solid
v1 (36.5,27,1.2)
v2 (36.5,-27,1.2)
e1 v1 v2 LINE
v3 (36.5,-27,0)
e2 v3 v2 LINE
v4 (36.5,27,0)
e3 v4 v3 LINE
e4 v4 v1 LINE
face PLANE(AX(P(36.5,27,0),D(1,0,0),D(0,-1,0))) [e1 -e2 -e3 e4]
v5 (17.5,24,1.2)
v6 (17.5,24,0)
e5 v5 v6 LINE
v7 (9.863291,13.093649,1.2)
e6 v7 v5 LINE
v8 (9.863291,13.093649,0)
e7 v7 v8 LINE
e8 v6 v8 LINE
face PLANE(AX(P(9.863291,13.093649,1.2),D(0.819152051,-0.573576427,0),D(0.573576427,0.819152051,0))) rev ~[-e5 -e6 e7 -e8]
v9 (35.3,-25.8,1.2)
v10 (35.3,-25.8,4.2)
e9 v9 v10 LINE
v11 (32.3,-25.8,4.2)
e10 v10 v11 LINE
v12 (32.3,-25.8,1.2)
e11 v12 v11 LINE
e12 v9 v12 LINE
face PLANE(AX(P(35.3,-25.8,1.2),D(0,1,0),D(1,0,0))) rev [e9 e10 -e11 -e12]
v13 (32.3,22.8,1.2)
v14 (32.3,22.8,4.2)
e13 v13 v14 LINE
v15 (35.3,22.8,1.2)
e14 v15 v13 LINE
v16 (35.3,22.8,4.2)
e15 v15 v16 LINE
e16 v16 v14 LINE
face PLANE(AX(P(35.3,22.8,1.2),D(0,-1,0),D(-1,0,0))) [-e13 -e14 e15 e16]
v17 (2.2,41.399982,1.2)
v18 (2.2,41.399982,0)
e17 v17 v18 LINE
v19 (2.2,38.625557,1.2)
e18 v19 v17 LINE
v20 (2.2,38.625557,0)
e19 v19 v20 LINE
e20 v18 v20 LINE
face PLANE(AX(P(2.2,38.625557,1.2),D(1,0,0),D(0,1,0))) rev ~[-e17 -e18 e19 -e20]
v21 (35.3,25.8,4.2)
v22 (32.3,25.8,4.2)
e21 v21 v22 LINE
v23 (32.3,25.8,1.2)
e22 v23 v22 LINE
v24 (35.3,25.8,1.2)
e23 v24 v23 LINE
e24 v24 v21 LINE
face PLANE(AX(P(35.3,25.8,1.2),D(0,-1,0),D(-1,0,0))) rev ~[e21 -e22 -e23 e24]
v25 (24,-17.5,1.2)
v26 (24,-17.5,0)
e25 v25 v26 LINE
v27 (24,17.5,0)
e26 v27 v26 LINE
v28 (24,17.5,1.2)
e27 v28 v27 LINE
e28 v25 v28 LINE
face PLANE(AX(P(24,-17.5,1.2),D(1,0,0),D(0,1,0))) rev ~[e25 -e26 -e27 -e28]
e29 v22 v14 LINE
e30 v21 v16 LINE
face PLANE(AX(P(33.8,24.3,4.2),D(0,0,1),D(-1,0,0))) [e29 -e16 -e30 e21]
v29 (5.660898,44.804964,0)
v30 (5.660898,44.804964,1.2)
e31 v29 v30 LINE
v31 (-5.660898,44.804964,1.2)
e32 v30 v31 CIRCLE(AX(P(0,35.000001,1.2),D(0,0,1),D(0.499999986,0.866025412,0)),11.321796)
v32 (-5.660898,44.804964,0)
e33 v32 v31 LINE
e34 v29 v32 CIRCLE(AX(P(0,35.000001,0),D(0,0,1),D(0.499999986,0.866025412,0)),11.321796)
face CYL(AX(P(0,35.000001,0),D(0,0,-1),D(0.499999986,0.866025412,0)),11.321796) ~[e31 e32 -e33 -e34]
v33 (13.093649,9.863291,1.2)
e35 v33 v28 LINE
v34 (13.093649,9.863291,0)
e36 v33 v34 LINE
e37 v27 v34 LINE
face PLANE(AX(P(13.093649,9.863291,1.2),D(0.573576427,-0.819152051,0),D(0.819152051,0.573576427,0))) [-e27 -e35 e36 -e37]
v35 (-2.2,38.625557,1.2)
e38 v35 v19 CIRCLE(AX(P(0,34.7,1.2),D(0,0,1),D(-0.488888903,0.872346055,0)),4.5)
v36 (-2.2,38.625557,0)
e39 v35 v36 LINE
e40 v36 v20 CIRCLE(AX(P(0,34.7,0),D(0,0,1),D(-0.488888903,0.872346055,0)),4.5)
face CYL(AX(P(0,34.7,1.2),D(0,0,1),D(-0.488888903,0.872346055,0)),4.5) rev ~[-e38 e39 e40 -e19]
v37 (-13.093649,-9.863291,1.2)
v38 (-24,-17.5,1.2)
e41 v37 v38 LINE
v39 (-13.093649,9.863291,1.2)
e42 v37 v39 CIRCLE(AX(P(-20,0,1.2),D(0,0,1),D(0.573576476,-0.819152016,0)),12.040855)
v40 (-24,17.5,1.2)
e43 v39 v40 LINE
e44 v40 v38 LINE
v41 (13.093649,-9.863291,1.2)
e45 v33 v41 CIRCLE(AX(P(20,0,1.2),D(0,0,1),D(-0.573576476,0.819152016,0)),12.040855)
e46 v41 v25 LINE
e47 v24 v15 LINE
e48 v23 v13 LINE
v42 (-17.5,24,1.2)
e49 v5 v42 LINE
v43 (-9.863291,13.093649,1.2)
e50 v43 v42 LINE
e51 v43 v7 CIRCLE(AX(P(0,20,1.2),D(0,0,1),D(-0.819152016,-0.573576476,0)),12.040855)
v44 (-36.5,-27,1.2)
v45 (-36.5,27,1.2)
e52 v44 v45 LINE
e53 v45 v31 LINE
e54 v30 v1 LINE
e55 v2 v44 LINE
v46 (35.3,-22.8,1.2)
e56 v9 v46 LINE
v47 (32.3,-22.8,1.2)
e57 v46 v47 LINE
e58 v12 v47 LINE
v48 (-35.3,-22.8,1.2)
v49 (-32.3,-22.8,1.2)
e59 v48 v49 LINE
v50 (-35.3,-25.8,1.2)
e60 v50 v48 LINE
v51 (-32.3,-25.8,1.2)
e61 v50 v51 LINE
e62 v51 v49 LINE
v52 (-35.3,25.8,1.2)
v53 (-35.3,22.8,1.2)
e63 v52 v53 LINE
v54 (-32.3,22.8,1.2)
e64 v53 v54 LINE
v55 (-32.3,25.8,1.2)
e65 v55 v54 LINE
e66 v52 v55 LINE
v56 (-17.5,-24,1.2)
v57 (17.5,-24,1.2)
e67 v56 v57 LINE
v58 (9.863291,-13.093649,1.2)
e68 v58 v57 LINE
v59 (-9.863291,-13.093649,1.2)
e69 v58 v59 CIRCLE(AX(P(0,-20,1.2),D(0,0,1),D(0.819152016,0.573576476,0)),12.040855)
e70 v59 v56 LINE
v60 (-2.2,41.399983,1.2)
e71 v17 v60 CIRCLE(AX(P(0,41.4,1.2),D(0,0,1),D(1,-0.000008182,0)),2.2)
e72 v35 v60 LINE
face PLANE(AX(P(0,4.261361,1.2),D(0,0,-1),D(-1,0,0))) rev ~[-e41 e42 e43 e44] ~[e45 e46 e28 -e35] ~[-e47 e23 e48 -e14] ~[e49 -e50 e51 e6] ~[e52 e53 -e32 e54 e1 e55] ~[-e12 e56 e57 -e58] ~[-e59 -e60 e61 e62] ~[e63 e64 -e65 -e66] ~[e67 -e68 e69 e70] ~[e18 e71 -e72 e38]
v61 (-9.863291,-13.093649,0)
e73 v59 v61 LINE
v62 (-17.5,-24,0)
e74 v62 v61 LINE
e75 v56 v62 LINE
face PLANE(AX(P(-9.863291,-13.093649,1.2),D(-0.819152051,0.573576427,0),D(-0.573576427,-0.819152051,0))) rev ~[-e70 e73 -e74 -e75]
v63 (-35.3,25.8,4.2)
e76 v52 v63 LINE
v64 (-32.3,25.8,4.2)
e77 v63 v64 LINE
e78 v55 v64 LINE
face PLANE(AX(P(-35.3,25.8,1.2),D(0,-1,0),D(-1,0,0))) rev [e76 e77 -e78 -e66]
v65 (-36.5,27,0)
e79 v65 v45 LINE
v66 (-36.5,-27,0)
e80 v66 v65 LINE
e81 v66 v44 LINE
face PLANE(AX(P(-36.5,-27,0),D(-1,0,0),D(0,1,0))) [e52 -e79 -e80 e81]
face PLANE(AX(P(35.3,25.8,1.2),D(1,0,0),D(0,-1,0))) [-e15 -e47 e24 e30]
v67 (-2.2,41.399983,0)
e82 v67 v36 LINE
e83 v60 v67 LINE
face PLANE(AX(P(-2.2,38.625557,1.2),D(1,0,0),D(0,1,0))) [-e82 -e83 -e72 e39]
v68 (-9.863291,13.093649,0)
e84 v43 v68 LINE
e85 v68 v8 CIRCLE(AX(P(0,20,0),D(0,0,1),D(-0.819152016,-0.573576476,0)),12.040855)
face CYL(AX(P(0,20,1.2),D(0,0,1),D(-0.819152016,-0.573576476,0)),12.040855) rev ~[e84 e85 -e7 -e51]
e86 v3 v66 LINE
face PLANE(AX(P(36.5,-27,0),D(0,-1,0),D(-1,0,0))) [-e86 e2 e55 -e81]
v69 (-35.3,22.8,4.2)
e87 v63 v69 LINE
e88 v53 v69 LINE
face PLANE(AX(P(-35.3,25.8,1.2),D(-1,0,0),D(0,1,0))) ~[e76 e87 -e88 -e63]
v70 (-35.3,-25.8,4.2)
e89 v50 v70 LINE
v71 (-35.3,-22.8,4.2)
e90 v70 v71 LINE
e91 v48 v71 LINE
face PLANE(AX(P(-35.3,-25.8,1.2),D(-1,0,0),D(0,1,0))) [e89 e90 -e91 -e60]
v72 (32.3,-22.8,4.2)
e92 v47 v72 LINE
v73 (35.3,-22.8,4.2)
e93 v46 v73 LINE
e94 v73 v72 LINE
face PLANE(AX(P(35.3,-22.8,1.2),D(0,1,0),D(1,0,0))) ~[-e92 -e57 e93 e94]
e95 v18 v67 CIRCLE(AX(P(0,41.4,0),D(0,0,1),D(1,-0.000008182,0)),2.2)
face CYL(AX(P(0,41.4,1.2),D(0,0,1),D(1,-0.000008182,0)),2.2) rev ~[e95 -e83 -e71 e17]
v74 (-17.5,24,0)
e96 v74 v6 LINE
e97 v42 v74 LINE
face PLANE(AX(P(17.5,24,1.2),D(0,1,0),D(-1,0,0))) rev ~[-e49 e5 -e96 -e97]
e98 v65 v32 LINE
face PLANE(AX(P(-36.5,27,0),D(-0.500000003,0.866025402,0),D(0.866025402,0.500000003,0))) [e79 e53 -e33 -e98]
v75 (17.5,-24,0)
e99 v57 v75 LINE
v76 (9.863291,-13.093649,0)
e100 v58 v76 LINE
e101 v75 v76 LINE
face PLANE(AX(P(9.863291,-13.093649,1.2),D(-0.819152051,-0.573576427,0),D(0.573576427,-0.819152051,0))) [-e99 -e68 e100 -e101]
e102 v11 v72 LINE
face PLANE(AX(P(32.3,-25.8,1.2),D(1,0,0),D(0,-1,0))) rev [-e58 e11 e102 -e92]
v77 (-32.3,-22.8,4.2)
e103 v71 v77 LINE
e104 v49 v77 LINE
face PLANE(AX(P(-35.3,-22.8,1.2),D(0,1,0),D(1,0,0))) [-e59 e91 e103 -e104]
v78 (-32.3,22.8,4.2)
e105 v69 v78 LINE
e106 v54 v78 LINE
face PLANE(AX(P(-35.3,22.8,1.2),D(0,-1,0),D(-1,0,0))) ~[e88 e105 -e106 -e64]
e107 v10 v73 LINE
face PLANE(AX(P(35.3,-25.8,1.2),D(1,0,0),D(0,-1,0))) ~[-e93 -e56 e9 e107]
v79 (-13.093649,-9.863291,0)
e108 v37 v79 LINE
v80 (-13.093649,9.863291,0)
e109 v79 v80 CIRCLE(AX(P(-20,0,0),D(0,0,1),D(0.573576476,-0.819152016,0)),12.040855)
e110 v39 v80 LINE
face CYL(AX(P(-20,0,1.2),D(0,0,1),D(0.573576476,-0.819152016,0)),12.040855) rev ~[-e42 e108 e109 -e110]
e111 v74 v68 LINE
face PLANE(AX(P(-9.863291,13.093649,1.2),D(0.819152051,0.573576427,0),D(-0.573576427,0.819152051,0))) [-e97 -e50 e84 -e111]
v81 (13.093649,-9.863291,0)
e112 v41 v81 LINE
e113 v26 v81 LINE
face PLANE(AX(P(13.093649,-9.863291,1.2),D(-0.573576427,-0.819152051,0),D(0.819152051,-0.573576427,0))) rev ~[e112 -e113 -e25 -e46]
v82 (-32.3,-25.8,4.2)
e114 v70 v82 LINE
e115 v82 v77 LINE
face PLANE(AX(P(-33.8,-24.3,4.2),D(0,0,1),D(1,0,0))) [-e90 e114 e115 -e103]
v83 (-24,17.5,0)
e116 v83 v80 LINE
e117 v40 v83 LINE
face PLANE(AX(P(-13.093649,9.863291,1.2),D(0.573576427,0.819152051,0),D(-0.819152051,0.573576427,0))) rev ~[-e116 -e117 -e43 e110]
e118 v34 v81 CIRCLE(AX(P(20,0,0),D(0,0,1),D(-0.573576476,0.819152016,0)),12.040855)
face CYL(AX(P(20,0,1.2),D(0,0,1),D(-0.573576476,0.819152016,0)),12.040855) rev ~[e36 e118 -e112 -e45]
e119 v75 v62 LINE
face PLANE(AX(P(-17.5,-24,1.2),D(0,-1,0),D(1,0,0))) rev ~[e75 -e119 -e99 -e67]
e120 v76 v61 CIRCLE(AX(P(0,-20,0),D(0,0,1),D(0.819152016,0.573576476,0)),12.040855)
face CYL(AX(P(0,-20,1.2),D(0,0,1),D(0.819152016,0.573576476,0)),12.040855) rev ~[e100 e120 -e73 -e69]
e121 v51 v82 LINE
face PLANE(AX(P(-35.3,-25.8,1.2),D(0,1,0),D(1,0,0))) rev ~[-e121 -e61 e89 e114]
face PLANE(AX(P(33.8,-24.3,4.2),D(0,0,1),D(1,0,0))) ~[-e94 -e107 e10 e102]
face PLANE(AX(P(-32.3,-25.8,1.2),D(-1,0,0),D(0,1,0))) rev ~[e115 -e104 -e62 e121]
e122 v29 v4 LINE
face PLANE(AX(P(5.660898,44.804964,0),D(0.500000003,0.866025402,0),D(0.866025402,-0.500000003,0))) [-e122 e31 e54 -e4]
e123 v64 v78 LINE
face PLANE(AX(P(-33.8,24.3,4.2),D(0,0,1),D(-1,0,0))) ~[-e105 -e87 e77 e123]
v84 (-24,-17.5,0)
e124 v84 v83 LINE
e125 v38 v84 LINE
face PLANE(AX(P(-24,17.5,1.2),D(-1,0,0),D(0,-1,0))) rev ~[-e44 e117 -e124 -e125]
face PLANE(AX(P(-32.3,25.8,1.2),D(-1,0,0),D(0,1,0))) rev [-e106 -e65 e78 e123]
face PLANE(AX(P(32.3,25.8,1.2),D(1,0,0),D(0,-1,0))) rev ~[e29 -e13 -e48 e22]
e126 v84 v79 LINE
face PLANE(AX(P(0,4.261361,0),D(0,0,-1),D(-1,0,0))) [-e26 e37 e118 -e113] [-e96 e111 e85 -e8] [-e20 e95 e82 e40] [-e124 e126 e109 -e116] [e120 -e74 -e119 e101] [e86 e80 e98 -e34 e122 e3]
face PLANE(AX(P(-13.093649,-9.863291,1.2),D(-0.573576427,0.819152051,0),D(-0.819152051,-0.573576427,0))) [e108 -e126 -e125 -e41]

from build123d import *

# Parameters (mm, degrees)
PAD_DEPTH             = 1.2
POCKET_DEPTH          = 208.145687
POLARPATTERN_COUNT    = 4
POCKET001_DEPTH       = 1.201
SKETCH003_W           = 3
SKETCH003_H           = 3
PAD001_DEPTH          = 3
POLARPATTERN001_COUNT = 2


with BuildPart() as part:
    # Sketch → Pad (new body)
    with BuildSketch(Plane.XY):
        with BuildLine():
            Line((36.5, 27), (36.5, -27))
            Line((36.5, -27), (-36.5, -27))
            Line((-36.5, -27), (-36.5, 27))
            Line((-36.5, 27), (-5.660898, 44.804964))
            ThreePointArc((5.660898, 44.804964), (0, 46.321797), (-5.660898, 44.804964))
            Line((5.660898, 44.804964), (36.5, 27))
        make_face()
    extrude(amount=PAD_DEPTH)

    # Sketch001 (on Face8 of Pad) → Pocket (cut, through all)
    with BuildSketch(Plane.XY.offset(1.2)):
        with BuildLine():
            Line((-24, 17.5), (-24, -17.5))
            Line((-13.093649, -9.863291), (-24, -17.5))
            ThreePointArc((-13.093649, -9.863291), (-7.959145, 0), (-13.093649, 9.863291))
            Line((-13.093649, 9.863291), (-24, 17.5))
        make_face()
    pocket = extrude(amount=-POCKET_DEPTH, mode=Mode.SUBTRACT)

    # PolarPattern: Pocket ×4 about axis
    polarpattern_axis = Axis((0, 0, 1.2), (0, 0, 1))
    for i in range(1, POLARPATTERN_COUNT):
        add(pocket.rotate(polarpattern_axis, i * 360 / POLARPATTERN_COUNT), mode=Mode.SUBTRACT)

    # Sketch002 (on Face5 of PolarPattern) → Pocket001 (cut, through all)
    with BuildSketch(Plane.XY.offset(1.2)):
        with BuildLine():
            Line((-2.2, 38.625557), (-2.2, 41.399983))
            ThreePointArc((2.2, 41.399982), (1e-06, 43.6), (-2.2, 41.399983))
            Line((2.2, 38.625557), (2.2, 41.399982))
            ThreePointArc((-2.2, 38.625557), (0, 30.2), (2.2, 38.625557))
        make_face()
    extrude(amount=-POCKET001_DEPTH, mode=Mode.SUBTRACT)

    # Sketch003 (on Face5 of Pocket001) → Pad001 (join)
    with BuildSketch(Plane.XY.offset(1.2)):
        with Locations((-33.8, -24.3)):
            Rectangle(SKETCH003_W, SKETCH003_H)
    pad001 = extrude(amount=PAD001_DEPTH)

    # PolarPattern001: Pad001 ×2 about axis
    polarpattern001_axis = Axis((0, 0, 1.2), (0, 0, 1))
    for i in range(1, POLARPATTERN001_COUNT):
        add(pad001.rotate(polarpattern001_axis, i * 360 / POLARPATTERN001_COUNT))

    # Mirrored: Pad001 across YZ
    add(pad001.mirror(Plane.YZ))

    # Mirrored001: Pad001 across XZ
    add(pad001.mirror(Plane.XZ))


solid = part.part
